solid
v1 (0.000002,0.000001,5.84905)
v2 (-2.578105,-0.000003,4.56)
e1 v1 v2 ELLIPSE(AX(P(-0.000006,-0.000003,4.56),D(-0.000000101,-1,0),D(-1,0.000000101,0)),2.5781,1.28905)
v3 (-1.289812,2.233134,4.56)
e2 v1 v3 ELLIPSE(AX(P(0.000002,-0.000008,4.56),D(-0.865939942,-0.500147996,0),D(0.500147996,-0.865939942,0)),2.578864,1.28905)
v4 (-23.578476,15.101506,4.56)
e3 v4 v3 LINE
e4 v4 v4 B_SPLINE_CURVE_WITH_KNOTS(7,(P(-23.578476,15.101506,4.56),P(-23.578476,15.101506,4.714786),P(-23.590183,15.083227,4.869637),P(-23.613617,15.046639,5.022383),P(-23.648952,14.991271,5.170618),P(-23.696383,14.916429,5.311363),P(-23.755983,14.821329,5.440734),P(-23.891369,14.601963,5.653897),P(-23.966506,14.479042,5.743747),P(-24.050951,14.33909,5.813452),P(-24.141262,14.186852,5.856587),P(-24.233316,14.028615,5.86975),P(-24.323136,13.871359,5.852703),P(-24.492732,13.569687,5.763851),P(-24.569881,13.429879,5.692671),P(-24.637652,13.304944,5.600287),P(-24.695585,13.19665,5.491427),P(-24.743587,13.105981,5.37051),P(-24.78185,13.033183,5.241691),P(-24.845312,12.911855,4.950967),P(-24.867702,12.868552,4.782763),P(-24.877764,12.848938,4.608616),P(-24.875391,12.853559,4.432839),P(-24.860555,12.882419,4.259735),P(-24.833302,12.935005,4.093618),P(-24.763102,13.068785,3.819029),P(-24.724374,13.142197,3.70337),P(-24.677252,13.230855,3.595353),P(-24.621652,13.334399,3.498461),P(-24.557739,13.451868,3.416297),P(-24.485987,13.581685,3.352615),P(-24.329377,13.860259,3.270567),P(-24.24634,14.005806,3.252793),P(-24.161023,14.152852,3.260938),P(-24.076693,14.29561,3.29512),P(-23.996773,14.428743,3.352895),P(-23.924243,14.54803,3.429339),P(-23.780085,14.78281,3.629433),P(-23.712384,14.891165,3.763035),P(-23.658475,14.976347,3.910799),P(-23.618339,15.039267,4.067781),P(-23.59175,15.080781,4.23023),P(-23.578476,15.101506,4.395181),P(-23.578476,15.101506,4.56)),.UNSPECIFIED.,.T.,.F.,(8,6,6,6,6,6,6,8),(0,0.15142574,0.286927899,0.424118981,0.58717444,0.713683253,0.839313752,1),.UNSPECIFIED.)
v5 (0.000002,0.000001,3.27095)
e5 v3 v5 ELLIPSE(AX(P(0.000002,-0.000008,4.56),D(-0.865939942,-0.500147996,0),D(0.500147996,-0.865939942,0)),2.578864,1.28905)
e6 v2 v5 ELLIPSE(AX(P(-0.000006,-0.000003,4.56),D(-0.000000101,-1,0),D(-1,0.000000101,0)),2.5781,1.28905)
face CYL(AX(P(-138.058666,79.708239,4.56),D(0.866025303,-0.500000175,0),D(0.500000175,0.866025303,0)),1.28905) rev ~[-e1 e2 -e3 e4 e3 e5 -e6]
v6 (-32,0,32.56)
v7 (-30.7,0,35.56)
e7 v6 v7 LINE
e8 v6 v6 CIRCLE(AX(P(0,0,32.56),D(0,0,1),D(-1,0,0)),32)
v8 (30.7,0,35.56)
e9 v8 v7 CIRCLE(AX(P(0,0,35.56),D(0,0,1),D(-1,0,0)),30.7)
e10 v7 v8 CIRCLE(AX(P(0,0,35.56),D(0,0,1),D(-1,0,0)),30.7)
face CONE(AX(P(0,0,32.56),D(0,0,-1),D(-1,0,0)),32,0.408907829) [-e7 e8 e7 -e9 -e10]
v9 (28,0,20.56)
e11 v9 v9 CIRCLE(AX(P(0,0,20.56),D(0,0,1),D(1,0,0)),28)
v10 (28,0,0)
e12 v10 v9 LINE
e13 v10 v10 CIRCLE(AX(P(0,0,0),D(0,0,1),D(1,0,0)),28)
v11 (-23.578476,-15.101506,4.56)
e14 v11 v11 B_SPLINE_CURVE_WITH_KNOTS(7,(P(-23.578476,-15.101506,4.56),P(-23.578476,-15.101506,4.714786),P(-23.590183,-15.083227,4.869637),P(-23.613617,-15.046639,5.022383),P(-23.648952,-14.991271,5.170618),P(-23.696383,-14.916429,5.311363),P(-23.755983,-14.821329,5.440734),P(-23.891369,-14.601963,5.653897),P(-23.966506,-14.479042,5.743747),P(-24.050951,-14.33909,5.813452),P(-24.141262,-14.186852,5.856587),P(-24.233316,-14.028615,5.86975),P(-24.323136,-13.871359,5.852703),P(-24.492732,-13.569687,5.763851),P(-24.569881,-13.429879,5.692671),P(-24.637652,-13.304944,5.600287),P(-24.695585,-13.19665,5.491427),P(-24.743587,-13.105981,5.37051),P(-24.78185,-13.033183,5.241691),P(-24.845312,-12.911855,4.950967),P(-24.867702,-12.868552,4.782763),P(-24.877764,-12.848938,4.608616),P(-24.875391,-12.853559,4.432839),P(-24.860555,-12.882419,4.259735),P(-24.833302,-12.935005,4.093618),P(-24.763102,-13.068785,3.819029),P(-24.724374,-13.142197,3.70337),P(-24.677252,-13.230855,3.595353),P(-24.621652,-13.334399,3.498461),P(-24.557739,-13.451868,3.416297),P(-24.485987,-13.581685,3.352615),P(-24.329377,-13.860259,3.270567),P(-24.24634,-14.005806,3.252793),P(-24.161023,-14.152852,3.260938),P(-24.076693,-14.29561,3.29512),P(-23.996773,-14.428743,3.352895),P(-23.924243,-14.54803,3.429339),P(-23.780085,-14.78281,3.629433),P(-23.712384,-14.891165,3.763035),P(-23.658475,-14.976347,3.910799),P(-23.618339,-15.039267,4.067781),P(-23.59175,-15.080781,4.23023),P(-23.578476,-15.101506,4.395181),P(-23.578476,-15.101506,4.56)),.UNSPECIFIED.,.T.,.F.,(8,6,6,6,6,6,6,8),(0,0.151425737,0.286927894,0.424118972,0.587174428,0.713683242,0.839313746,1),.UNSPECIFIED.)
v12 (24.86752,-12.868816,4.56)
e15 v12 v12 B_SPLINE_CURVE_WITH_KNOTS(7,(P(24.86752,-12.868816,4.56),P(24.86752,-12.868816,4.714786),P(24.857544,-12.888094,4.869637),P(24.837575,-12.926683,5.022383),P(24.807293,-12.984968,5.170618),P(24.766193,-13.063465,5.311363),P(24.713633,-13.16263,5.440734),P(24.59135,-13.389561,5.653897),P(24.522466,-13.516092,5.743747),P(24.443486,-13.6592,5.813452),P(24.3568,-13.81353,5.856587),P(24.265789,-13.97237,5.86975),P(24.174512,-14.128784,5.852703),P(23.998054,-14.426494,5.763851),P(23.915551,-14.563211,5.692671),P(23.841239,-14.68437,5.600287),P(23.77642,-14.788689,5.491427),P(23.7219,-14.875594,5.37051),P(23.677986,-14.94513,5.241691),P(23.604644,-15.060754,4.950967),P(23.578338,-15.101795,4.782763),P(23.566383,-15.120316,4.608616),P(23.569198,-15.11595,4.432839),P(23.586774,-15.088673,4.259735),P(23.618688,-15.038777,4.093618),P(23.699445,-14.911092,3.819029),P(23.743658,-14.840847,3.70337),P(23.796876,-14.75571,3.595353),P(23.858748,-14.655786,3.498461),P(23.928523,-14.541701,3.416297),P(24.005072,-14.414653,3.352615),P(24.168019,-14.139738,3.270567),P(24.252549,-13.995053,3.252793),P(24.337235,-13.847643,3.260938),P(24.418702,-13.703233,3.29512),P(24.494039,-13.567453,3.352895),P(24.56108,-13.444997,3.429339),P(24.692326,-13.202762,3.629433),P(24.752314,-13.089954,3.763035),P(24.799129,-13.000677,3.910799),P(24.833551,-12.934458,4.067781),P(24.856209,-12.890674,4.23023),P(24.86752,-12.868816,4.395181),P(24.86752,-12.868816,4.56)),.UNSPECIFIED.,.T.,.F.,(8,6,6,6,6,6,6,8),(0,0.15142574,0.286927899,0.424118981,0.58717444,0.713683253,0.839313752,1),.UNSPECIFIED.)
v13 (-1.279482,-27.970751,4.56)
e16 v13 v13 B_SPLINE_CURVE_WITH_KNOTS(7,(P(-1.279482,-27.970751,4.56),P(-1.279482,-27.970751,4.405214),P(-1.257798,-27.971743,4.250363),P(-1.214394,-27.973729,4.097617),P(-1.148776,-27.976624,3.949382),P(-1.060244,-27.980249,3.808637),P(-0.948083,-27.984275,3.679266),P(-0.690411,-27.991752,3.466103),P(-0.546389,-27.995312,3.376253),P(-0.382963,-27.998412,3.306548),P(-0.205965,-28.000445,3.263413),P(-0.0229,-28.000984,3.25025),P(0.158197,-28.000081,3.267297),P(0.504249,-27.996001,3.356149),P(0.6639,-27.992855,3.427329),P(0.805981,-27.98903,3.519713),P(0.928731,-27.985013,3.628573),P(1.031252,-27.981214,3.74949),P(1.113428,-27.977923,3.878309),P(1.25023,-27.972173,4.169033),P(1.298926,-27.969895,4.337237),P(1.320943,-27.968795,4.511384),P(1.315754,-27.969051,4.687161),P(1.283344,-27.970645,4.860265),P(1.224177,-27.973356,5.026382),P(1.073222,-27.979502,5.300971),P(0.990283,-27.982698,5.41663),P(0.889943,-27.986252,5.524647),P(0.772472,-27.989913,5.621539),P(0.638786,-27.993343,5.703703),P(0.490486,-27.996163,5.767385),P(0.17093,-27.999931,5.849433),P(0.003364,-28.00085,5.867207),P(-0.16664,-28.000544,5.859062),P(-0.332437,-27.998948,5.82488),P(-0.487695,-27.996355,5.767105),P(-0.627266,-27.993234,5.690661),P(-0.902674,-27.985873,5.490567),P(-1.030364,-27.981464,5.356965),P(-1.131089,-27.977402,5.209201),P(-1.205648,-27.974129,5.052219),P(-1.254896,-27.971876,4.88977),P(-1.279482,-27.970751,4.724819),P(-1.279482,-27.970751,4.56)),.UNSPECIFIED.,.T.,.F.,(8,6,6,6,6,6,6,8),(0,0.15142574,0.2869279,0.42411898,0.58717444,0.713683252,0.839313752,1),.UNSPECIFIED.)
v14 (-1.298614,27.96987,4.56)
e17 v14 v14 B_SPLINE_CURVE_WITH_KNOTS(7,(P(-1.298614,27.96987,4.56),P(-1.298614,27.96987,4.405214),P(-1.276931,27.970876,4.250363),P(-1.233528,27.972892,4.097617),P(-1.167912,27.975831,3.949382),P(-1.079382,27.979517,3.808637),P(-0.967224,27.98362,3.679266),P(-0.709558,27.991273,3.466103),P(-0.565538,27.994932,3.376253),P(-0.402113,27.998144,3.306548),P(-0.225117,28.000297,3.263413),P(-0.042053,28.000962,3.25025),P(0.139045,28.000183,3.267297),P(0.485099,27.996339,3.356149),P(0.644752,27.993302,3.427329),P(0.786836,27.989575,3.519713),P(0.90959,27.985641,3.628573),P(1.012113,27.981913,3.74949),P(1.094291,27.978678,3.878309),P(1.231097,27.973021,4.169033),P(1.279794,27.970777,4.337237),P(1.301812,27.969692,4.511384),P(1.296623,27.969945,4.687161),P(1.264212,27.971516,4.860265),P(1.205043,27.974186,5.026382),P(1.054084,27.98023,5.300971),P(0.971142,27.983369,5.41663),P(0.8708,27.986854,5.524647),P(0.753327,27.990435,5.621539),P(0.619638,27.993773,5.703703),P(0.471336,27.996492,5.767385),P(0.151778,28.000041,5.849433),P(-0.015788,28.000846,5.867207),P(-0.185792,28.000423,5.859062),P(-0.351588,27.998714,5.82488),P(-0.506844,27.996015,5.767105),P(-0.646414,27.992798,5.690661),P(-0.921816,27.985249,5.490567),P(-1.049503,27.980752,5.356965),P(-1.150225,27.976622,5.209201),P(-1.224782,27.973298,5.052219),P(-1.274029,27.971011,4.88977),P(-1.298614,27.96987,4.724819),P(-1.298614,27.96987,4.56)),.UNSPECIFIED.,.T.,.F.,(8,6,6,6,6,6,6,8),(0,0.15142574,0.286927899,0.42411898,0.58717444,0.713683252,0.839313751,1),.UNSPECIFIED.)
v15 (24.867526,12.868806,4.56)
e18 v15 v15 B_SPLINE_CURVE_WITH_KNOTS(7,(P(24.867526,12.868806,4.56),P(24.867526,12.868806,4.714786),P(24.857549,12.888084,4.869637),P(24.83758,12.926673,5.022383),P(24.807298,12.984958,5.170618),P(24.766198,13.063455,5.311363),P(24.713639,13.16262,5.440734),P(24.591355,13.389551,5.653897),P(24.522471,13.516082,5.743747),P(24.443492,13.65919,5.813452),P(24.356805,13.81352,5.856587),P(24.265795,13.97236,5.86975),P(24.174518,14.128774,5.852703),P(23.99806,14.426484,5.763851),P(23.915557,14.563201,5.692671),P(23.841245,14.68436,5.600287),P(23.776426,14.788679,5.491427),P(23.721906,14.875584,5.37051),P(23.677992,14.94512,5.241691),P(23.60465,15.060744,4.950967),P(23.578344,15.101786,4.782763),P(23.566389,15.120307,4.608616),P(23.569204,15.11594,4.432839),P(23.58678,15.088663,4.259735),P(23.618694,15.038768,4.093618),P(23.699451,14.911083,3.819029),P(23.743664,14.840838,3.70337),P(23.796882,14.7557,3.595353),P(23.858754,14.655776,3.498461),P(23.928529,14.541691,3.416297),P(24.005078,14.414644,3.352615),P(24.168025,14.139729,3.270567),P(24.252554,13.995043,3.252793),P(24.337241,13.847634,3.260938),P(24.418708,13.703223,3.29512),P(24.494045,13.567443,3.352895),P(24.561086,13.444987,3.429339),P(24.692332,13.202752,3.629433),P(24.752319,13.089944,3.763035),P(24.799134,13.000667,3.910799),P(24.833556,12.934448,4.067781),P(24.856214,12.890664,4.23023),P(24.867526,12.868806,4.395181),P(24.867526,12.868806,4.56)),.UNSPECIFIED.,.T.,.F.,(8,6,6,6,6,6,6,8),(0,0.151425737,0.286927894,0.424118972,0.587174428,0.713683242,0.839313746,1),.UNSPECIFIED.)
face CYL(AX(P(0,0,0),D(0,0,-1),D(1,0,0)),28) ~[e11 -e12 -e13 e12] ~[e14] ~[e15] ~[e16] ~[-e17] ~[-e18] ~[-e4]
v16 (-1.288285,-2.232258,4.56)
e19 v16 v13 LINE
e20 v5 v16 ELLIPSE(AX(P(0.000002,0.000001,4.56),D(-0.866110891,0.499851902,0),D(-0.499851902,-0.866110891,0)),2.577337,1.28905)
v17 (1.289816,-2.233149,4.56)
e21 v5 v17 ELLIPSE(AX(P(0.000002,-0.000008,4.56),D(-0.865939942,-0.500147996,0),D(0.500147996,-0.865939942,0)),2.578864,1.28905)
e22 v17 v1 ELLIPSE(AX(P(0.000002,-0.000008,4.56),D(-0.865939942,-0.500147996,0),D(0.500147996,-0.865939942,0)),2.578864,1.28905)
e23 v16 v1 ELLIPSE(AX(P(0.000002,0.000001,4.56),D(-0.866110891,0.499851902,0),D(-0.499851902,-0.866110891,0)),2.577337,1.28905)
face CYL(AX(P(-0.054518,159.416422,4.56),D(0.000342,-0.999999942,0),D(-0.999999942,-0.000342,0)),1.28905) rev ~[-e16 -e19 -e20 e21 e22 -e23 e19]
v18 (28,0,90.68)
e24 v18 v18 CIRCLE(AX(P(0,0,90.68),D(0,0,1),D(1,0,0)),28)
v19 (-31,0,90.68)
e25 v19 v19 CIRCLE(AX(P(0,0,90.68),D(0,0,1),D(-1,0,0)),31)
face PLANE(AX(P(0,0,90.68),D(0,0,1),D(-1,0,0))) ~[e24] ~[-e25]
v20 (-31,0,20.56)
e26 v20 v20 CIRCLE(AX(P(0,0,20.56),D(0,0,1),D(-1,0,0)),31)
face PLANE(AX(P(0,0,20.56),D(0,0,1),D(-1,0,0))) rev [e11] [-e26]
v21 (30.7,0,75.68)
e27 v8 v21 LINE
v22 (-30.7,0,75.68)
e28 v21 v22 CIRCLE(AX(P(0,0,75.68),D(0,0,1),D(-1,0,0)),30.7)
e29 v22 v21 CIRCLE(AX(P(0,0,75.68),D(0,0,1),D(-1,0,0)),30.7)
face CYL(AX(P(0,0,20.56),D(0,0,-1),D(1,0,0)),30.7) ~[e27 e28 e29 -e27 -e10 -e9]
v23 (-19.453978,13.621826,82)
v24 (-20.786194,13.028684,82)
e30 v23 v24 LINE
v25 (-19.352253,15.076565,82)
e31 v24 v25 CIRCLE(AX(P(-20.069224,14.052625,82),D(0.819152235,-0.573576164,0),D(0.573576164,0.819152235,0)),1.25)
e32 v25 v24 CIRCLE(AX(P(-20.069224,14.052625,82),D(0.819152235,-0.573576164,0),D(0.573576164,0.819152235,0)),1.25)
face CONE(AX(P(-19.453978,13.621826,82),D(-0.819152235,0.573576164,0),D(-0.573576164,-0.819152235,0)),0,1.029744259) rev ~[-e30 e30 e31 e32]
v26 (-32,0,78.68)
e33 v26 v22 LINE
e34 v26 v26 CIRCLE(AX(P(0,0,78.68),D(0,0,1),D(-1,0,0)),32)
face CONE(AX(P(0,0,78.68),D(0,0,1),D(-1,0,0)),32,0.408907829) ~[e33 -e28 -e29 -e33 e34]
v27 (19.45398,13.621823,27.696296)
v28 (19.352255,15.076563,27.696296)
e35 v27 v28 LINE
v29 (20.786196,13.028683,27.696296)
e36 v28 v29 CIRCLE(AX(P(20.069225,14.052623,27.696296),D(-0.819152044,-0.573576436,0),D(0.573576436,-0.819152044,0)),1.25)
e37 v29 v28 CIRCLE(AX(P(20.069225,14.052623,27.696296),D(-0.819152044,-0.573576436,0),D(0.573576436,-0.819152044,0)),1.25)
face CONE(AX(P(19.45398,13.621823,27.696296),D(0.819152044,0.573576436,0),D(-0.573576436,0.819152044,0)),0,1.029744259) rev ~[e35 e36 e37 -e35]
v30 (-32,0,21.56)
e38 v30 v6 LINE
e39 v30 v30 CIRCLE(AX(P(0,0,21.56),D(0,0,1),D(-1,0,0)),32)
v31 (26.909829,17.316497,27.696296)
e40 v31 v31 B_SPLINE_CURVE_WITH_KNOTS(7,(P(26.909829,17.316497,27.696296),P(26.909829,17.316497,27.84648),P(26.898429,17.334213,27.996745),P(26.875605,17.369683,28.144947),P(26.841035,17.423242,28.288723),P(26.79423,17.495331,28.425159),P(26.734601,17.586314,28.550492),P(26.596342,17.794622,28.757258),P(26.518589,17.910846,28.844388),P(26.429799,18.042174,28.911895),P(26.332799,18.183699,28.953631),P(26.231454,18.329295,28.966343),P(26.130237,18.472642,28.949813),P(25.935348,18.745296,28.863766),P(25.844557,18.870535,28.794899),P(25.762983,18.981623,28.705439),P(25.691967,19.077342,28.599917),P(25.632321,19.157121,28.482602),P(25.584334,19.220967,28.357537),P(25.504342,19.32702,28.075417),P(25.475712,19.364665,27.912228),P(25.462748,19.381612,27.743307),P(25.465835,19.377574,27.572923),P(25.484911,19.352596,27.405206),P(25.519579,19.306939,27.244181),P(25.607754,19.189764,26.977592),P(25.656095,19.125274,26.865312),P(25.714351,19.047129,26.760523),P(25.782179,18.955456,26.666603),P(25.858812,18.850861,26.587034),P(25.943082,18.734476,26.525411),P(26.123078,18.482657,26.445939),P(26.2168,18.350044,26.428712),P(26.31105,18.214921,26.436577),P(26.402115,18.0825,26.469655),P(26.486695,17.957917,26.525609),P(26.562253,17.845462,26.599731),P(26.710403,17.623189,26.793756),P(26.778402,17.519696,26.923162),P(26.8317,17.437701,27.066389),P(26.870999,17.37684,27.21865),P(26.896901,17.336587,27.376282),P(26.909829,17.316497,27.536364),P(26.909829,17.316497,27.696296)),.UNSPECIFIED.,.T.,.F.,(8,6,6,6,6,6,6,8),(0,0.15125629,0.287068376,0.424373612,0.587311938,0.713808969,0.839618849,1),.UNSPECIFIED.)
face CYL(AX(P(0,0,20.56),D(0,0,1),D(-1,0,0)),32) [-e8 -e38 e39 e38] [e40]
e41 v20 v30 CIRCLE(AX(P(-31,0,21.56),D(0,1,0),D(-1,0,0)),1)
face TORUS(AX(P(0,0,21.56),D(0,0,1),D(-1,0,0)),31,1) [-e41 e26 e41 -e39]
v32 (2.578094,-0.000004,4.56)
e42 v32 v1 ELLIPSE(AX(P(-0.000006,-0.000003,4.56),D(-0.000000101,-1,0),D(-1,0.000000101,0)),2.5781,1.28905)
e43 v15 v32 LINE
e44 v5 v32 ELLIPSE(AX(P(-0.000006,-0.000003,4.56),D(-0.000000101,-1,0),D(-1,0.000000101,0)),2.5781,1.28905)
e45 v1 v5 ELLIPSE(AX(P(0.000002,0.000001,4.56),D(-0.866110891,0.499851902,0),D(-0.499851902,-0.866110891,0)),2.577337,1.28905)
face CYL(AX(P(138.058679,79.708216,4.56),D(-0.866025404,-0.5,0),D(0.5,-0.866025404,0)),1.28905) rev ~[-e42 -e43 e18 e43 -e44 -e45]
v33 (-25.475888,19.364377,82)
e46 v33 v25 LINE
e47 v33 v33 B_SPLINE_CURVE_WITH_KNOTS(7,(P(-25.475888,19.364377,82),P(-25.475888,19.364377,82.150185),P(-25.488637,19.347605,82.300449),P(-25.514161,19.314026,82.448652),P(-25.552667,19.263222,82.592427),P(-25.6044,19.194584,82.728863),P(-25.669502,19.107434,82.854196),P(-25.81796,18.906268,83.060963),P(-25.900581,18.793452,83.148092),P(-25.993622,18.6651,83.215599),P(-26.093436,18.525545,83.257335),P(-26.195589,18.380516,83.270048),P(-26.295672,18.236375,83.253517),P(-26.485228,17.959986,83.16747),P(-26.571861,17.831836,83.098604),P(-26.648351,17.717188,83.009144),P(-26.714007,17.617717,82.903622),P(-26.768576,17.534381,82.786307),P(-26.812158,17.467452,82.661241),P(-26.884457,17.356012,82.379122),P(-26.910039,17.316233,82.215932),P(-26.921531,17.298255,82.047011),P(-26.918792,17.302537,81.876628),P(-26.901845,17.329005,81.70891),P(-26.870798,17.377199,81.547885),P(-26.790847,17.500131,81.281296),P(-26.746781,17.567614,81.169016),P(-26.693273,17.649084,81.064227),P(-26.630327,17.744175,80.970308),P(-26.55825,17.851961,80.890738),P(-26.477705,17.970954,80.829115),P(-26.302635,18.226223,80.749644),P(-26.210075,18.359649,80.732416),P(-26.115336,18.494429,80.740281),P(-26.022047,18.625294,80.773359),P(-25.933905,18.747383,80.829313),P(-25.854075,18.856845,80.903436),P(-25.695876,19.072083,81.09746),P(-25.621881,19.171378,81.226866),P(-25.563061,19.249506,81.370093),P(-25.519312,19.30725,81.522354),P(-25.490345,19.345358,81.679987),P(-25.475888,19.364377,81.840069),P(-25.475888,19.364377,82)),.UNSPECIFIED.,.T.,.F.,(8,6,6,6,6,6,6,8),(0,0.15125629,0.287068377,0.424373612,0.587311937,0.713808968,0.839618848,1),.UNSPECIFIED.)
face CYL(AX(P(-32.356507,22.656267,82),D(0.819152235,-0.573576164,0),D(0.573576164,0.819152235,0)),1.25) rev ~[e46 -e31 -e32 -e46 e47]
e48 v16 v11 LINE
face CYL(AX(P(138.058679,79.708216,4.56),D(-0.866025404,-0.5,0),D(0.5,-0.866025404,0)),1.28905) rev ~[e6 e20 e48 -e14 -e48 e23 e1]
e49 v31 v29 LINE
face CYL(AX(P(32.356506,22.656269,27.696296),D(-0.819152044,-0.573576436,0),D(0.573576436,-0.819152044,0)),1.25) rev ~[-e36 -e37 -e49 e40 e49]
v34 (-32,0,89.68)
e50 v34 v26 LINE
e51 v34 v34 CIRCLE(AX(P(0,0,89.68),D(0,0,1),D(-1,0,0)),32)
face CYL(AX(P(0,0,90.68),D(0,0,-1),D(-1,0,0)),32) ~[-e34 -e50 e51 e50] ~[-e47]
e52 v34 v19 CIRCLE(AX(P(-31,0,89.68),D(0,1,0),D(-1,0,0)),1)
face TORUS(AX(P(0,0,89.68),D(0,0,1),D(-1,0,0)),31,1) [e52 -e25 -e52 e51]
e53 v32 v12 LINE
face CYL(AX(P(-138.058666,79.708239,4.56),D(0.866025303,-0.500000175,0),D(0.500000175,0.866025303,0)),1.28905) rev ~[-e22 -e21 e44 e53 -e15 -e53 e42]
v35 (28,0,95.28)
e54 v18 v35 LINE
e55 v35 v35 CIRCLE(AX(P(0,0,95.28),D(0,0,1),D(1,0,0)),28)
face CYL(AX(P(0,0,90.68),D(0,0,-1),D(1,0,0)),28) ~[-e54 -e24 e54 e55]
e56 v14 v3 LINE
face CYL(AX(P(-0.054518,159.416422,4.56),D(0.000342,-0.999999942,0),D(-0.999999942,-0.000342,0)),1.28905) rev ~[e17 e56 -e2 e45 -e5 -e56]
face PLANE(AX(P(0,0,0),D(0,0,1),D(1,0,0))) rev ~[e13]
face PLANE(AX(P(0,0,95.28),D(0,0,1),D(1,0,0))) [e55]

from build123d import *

# Parameters (mm, degrees)
SKETCH1_R                           = 28
BOSS_EXTRUDE1_DEPTH                 = 20.56
SKETCH2_R                           = 30.7
BOSS_EXTRUDE2_DEPTH                 = 70.12
SKETCH3_R                           = 28
BOSS_EXTRUDE3_DEPTH                 = 4.6
F_5_40_TAPPED_HOLE1_D               = 2.5781
F_5_40_TAPPED_HOLE1_ON_FACE_2_D     = 2.5781
F_5_40_TAPPED_HOLE1_ON_FACE_3_D     = 2.5781
M3X0_5_TAPPED_HOLE1_D               = 2.5
M3X0_5_TAPPED_HOLE1_DEPTH           = 7.5
M3X0_5_TAPPED_HOLE1_TIP             = 0.751075774
M3X0_5_TAPPED_HOLE1_ON_FACE_2_D     = 2.5
M3X0_5_TAPPED_HOLE1_ON_FACE_2_DEPTH = 7.5
M3X0_5_TAPPED_HOLE1_ON_FACE_2_TIP   = 0.751075774
FILLET1_R                           = 1


with BuildPart() as part:
    # Sketch1 → Boss-Extrude1 (new body)
    with BuildSketch(Plane.XY):
        Circle(SKETCH1_R)
    extrude(amount=BOSS_EXTRUDE1_DEPTH)

    # Sketch2 → Boss-Extrude2 (add)
    with BuildSketch(Plane.XY.offset(20.56)):
        Circle(SKETCH2_R)
    extrude(amount=BOSS_EXTRUDE2_DEPTH)

    # Sketch3 → Boss-Extrude3 (add)
    with BuildSketch(Plane.XY.offset(90.68)):
        Circle(SKETCH3_R)
    extrude(amount=BOSS_EXTRUDE3_DEPTH)

    # Sketch4 → Revolve1 (revolve)
    with BuildSketch(Plane(origin=(0, 0, 0), x_dir=(0, 0, -1), z_dir=(1, 0, 0)), mode=Mode.PRIVATE) as revolve1_sk:
        Polygon((-20.56, 30.7), (-20.56, 32), (-32.56, 32), (-35.56, 30.7), align=None)
        Polygon((-75.68, 30.7), (-90.68, 30.7), (-90.68, 32), (-78.68, 32), align=None)
    revolve(revolve1_sk.sketch.rotate(Axis((0, 0, 0), (0, 0, 1)), 90), axis=Axis((0, 0, 0), (0, 0, 1)))

    # #5-40 Tapped Hole1 (through all)
    with Locations(Plane(origin=(24.248711306, 14, 4.56), x_dir=(-0.5, 0.866025403784, 0), z_dir=(0.866025403784, 0.5, 0))):
        with Locations((0, 0)):
            Hole(F_5_40_TAPPED_HOLE1_D / 2)

    # #5-40 Tapped Hole1 on face 2 (through all)
    with Locations(Plane(origin=(-0.009573975, 27.999998363, 4.56), x_dir=(0.999999941518, 0.00034199998, 0), z_dir=(-0.00034199998, 0.999999941518, 0))):
        with Locations((0, 0)):
            Hole(F_5_40_TAPPED_HOLE1_ON_FACE_2_D / 2)

    # #5-40 Tapped Hole1 on face 3 (through all)
    with Locations(Plane(origin=(-24.248711306, 14, 4.56), x_dir=(-0.500000174844, -0.866025302838, 0), z_dir=(-0.866025302838, 0.500000174844, 0))):
        with Locations((0, 0)):
            Hole(F_5_40_TAPPED_HOLE1_ON_FACE_3_D / 2)

    # M3x0.5 Tapped Hole1
    with Locations(Plane(origin=(26.212865417, 18.354445963, 27.696295827), x_dir=(-0.573576436351, 0.819152044289, 0), z_dir=(0.819152044289, 0.573576436351, 0))):
        with Locations((0, 0)):
            Hole(M3X0_5_TAPPED_HOLE1_D / 2, depth=M3X0_5_TAPPED_HOLE1_DEPTH)
            with Locations((0, 0, -(M3X0_5_TAPPED_HOLE1_DEPTH + M3X0_5_TAPPED_HOLE1_TIP / 2))):  # 118° drill point
                Cone(0, M3X0_5_TAPPED_HOLE1_D / 2, M3X0_5_TAPPED_HOLE1_TIP, mode=Mode.SUBTRACT)

    # M3x0.5 Tapped Hole1 on face 2
    with Locations(Plane(origin=(-26.212865417, 18.354445963, 82), x_dir=(-0.573576164364, -0.819152234736, 0), z_dir=(-0.819152234736, 0.573576164364, 0))):
        with Locations((0, 0)):
            Hole(M3X0_5_TAPPED_HOLE1_ON_FACE_2_D / 2, depth=M3X0_5_TAPPED_HOLE1_ON_FACE_2_DEPTH)
            with Locations((0, 0, -(M3X0_5_TAPPED_HOLE1_ON_FACE_2_DEPTH + M3X0_5_TAPPED_HOLE1_ON_FACE_2_TIP / 2))):  # 118° drill point
                Cone(0, M3X0_5_TAPPED_HOLE1_ON_FACE_2_D / 2, M3X0_5_TAPPED_HOLE1_ON_FACE_2_TIP, mode=Mode.SUBTRACT)

    # Fillet1
    fillet1_edges = [part.edges().sort_by_distance(p)[0] for p in [
        (32, 0, 20.56),
        (32, 0, 90.68),
    ]]
    fillet(fillet1_edges, radius=FILLET1_R)


solid = part.part
